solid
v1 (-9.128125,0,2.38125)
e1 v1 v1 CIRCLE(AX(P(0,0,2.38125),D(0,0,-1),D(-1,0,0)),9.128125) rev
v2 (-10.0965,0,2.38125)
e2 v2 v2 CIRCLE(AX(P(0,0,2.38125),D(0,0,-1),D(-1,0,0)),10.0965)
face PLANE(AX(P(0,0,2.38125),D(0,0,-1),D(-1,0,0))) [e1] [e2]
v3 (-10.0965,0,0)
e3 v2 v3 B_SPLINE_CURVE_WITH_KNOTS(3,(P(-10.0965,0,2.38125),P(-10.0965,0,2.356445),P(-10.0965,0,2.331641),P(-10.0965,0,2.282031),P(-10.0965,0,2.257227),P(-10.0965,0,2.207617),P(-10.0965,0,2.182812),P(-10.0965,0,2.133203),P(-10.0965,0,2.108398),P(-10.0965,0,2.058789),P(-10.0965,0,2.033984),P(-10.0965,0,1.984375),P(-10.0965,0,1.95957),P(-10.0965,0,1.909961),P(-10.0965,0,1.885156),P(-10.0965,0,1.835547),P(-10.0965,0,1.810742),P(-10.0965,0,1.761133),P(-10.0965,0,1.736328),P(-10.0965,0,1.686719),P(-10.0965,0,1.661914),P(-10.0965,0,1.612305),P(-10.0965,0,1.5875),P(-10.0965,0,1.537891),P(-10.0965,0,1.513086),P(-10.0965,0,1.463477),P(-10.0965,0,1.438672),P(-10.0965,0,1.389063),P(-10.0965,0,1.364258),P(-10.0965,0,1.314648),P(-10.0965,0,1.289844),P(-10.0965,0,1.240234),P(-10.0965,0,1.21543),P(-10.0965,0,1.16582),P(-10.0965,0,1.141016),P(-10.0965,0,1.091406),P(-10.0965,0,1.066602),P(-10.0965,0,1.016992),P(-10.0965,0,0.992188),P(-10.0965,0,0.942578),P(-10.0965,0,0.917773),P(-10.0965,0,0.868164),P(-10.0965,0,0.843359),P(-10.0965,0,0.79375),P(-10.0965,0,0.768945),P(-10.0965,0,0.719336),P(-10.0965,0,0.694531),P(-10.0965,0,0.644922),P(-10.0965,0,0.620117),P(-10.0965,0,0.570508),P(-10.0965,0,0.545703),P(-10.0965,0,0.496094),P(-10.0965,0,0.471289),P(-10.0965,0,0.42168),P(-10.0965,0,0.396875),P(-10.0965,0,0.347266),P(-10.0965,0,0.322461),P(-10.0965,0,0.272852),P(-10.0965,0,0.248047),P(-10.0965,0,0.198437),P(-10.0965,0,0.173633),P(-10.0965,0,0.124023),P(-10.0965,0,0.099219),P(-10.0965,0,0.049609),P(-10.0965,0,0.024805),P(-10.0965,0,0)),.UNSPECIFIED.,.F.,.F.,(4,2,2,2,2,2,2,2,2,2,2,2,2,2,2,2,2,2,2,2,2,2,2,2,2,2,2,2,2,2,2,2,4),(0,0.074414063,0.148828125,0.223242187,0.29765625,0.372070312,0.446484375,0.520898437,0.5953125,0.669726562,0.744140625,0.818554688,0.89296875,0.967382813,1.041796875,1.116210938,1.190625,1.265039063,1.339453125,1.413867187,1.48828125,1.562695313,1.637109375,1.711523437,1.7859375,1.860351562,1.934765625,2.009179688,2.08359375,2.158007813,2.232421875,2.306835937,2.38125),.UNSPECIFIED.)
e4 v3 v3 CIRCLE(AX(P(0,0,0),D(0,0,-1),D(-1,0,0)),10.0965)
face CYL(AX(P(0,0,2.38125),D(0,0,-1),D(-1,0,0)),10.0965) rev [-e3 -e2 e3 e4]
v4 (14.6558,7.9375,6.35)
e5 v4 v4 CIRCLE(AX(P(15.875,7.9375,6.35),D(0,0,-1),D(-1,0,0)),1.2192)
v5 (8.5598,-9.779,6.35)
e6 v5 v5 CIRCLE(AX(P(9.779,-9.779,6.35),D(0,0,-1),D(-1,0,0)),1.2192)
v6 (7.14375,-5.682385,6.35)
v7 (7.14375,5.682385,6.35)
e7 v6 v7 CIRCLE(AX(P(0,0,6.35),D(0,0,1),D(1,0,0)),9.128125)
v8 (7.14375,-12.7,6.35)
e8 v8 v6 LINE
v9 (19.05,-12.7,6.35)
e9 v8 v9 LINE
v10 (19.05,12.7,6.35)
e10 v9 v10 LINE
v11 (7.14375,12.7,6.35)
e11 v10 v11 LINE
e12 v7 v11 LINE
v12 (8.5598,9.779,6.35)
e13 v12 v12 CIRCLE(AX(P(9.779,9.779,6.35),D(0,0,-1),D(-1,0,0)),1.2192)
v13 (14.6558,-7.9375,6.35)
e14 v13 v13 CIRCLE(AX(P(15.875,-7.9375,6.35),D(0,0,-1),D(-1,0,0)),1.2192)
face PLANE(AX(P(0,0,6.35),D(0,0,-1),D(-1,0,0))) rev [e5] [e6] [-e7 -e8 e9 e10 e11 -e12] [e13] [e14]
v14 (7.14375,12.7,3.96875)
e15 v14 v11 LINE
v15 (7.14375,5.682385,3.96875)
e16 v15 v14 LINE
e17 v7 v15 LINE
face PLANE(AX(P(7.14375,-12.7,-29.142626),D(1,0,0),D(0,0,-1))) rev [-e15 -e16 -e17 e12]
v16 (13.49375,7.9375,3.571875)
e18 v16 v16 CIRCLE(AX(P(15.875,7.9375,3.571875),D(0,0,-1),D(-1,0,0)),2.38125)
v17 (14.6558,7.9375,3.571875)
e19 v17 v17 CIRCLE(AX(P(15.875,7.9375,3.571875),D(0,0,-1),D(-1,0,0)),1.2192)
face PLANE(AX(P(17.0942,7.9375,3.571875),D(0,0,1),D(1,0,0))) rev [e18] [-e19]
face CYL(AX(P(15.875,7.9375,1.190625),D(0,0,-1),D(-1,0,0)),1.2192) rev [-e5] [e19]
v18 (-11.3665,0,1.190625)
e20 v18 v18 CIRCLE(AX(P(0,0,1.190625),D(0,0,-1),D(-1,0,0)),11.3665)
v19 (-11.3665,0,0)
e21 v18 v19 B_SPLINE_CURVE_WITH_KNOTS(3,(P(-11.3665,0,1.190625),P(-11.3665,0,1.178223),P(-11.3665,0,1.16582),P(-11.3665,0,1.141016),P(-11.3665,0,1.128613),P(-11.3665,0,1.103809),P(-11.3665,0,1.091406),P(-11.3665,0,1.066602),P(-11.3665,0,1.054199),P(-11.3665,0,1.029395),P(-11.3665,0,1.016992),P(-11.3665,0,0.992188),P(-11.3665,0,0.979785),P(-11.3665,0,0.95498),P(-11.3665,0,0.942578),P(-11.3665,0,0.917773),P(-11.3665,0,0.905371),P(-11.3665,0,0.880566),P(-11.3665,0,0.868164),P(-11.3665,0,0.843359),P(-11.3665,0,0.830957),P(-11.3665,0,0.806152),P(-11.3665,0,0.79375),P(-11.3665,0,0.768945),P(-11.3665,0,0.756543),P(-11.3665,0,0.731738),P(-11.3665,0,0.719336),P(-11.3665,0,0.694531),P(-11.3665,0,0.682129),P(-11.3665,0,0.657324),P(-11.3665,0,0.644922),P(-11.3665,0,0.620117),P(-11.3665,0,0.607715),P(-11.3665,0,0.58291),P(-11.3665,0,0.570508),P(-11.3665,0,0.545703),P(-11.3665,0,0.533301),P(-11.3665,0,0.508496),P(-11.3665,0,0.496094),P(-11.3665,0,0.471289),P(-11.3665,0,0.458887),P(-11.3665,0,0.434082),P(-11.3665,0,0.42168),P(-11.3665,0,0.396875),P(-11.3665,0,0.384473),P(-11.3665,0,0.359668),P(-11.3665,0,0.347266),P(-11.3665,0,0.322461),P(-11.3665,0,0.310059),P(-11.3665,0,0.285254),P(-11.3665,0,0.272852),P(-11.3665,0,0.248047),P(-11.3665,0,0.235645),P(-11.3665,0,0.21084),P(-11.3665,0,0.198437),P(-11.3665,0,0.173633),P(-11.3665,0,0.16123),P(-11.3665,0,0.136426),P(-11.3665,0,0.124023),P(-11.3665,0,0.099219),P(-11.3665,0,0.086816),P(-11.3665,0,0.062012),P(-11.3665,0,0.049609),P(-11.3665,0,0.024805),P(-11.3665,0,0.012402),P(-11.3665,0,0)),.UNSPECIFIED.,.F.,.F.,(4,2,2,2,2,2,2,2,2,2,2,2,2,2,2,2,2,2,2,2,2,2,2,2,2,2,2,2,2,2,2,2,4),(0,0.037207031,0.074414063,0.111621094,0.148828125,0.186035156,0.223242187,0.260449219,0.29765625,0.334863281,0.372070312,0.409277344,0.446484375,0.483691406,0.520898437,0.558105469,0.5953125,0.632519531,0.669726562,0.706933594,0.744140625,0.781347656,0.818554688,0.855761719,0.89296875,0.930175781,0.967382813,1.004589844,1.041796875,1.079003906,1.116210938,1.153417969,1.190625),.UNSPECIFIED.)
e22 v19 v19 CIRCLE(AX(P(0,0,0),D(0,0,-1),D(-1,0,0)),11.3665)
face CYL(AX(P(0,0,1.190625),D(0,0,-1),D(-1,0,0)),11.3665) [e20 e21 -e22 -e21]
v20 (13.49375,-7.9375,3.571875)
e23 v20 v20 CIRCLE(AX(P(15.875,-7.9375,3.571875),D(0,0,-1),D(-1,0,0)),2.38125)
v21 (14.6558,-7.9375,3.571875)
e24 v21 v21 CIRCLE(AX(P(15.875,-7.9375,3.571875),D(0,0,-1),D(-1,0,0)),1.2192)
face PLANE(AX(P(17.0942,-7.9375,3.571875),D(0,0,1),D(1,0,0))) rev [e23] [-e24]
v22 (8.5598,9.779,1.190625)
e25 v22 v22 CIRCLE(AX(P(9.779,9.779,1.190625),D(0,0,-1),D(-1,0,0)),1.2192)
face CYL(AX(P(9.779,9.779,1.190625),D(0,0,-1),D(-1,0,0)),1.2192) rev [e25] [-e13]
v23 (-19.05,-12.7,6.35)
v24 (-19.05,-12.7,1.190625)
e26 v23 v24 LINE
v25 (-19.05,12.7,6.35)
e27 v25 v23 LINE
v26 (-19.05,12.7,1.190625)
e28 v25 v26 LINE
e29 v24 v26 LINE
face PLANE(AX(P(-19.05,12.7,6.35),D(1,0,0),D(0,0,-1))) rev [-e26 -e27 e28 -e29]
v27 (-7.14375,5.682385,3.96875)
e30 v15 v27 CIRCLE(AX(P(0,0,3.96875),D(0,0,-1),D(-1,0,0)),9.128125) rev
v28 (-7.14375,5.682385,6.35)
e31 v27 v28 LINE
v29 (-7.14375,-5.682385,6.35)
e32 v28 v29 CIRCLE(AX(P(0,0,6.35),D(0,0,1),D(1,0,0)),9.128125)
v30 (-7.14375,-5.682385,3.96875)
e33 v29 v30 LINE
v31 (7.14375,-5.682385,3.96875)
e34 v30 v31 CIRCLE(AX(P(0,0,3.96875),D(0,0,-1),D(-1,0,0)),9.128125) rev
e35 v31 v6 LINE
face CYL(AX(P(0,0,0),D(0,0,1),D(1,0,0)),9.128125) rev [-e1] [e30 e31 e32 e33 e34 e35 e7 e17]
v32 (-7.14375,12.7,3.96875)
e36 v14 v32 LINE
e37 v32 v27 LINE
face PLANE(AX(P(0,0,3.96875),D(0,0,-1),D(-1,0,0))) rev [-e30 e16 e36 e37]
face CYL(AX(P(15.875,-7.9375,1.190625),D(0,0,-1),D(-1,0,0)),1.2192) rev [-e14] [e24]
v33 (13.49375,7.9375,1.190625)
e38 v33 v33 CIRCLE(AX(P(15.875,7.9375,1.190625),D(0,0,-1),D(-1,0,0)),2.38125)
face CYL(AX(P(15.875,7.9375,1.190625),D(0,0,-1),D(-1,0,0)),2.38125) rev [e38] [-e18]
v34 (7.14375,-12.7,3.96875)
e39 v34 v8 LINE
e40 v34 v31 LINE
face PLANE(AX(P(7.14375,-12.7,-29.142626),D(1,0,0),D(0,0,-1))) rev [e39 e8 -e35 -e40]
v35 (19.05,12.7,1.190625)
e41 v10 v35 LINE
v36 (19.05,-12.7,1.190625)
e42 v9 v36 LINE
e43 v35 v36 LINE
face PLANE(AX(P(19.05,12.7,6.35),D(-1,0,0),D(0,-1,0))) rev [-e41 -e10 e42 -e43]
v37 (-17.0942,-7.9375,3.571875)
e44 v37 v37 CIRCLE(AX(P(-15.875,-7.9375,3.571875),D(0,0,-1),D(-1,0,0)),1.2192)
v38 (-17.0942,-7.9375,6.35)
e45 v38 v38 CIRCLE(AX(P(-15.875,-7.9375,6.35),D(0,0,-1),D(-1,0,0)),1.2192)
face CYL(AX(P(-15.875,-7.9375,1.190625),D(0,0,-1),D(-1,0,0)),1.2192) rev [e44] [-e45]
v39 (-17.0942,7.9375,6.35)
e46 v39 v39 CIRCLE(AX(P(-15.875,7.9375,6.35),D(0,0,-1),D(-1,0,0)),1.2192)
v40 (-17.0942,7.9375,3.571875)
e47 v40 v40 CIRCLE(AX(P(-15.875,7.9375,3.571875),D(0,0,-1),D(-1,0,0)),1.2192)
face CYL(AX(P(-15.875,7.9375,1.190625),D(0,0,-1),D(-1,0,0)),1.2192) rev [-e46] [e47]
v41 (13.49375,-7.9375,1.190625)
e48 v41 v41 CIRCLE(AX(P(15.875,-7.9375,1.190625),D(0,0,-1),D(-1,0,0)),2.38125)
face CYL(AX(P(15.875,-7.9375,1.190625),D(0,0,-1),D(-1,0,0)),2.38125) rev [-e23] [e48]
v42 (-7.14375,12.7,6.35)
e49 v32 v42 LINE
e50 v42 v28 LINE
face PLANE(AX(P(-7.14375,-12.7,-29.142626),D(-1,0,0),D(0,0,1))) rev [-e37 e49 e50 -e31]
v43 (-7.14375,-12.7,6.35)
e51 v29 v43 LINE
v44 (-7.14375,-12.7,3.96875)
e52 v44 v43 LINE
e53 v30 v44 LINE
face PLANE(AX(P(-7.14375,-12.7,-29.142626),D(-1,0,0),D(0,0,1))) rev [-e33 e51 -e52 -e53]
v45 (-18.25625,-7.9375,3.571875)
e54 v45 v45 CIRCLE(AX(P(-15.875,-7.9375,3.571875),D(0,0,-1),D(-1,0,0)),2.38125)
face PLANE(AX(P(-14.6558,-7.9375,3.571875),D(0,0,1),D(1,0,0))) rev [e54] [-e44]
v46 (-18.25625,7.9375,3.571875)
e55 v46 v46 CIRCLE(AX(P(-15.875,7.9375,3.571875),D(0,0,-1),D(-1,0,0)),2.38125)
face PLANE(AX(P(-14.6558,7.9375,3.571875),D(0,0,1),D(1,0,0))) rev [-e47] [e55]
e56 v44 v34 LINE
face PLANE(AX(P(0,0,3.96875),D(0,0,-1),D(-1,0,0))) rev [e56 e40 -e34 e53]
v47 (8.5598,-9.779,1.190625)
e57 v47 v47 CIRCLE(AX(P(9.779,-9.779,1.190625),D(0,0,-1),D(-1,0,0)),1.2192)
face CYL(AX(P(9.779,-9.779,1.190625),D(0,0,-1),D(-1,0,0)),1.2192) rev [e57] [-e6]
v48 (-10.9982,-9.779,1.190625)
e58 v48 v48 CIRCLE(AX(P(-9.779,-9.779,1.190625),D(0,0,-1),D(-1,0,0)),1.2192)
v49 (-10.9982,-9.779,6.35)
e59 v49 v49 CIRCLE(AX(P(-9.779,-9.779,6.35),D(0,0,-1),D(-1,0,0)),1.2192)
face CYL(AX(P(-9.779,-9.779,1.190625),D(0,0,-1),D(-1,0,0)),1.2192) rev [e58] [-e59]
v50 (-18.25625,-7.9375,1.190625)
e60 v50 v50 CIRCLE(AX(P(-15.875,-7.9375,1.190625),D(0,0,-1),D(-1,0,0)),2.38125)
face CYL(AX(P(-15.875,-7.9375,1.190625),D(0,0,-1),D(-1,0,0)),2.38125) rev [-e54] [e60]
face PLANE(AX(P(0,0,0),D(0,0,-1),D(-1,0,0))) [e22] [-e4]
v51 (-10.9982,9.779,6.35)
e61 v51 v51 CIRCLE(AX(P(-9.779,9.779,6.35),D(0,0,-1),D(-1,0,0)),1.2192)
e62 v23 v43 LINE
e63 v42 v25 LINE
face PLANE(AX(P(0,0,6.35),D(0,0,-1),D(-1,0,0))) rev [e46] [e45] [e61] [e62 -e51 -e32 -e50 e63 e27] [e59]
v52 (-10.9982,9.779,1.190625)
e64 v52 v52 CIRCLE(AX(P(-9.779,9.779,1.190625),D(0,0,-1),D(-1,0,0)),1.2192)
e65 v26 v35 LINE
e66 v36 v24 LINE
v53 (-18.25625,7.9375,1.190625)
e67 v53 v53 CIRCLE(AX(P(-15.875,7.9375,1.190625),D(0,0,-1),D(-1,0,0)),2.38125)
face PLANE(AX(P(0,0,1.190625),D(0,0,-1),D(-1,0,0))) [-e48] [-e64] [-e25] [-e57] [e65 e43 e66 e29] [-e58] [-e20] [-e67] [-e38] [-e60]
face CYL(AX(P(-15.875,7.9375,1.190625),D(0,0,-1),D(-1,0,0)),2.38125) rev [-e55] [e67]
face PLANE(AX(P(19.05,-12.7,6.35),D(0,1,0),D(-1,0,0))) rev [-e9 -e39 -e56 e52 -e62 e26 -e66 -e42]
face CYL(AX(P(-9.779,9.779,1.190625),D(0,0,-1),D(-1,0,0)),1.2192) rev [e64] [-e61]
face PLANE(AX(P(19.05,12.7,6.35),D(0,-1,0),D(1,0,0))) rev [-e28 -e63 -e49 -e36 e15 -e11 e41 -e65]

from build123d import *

# Parameters (mm, degrees)
SKETCH1_W                                       = 38.1
SKETCH1_H                                       = 25.4
BOSS_EXTRUDE1_DEPTH                             = 6.35
SKETCH6_R                                       = 9.128125
CUT_EXTRUDE1_DEPTH                              = 24.759524406
SKETCH8_W                                       = 14.2875
SKETCH8_H                                       = 25.4
CUT_EXTRUDE2_DEPTH                              = 2.38125
SKETCH14_W                                      = 38.1
SKETCH14_H                                      = 25.4
SKETCH14_R                                      = 11.3665
CUT_EXTRUDE3_DEPTH                              = 1.190625
SKETCH19_R                                      = 10.0965
CUT_EXTRUDE4_DEPTH                              = 2.38125
F_2_CLEARANCE_HOLE1_D                           = 2.4384
CBORE_FOR_2_PAN_HEAD_MACHINE_SCREW1_D           = 2.4384
CBORE_FOR_2_PAN_HEAD_MACHINE_SCREW1_CBORE_D     = 4.7625
CBORE_FOR_2_PAN_HEAD_MACHINE_SCREW1_CBORE_DEPTH = 2.38125


with BuildPart() as part:
    # Sketch1 → Boss-Extrude1 (new body)
    with BuildSketch(Plane.XY):
        Rectangle(SKETCH1_W, SKETCH1_H)
    extrude(amount=BOSS_EXTRUDE1_DEPTH)

    # Sketch6 → Cut-Extrude1 (cut, through all)
    with BuildSketch(Plane.XY.offset(6.35)):
        Circle(SKETCH6_R)
    extrude(amount=-CUT_EXTRUDE1_DEPTH, mode=Mode.SUBTRACT)

    # Sketch8 → Cut-Extrude2 (cut)
    with BuildSketch(Plane.XY.offset(6.35)):
        Rectangle(SKETCH8_W, SKETCH8_H)
    extrude(amount=-CUT_EXTRUDE2_DEPTH, mode=Mode.SUBTRACT)

    # Sketch14 → Cut-Extrude3 (cut)
    with BuildSketch(Plane(origin=(0, 0, 0), x_dir=(-1, 0, 0), z_dir=(0, 0, -1))):
        Rectangle(SKETCH14_W, SKETCH14_H)
        Circle(SKETCH14_R, mode=Mode.SUBTRACT)
    extrude(amount=-CUT_EXTRUDE3_DEPTH, mode=Mode.SUBTRACT)

    # Sketch19 → Cut-Extrude4 (cut)
    with BuildSketch(Plane(origin=(0, 0, 0), x_dir=(-1, 0, 0), z_dir=(0, 0, -1))):
        Circle(SKETCH19_R)
    extrude(amount=-CUT_EXTRUDE4_DEPTH, mode=Mode.SUBTRACT)

    # #2 Clearance Hole1 (through all)
    with Locations(Plane(origin=(0, 0, 1.190625), x_dir=(-1, 0, 0), z_dir=(0, 0, -1))):
        with Locations((-9.779, 9.779), (9.779, 9.779), (9.779, -9.779), (-9.779, -9.779)):
            Hole(F_2_CLEARANCE_HOLE1_D / 2)

    # CBORE for #2 Pan Head Machine Screw1 (through all)
    with Locations(Plane(origin=(0, 0, 1.190625), x_dir=(-1, 0, 0), z_dir=(0, 0, -1))):
        with Locations((-15.875, 7.9375), (-15.875, -7.9375), (15.875, -7.9375), (15.875, 7.9375)):
            CounterBoreHole(CBORE_FOR_2_PAN_HEAD_MACHINE_SCREW1_D / 2, CBORE_FOR_2_PAN_HEAD_MACHINE_SCREW1_CBORE_D / 2, CBORE_FOR_2_PAN_HEAD_MACHINE_SCREW1_CBORE_DEPTH)


solid = part.part
